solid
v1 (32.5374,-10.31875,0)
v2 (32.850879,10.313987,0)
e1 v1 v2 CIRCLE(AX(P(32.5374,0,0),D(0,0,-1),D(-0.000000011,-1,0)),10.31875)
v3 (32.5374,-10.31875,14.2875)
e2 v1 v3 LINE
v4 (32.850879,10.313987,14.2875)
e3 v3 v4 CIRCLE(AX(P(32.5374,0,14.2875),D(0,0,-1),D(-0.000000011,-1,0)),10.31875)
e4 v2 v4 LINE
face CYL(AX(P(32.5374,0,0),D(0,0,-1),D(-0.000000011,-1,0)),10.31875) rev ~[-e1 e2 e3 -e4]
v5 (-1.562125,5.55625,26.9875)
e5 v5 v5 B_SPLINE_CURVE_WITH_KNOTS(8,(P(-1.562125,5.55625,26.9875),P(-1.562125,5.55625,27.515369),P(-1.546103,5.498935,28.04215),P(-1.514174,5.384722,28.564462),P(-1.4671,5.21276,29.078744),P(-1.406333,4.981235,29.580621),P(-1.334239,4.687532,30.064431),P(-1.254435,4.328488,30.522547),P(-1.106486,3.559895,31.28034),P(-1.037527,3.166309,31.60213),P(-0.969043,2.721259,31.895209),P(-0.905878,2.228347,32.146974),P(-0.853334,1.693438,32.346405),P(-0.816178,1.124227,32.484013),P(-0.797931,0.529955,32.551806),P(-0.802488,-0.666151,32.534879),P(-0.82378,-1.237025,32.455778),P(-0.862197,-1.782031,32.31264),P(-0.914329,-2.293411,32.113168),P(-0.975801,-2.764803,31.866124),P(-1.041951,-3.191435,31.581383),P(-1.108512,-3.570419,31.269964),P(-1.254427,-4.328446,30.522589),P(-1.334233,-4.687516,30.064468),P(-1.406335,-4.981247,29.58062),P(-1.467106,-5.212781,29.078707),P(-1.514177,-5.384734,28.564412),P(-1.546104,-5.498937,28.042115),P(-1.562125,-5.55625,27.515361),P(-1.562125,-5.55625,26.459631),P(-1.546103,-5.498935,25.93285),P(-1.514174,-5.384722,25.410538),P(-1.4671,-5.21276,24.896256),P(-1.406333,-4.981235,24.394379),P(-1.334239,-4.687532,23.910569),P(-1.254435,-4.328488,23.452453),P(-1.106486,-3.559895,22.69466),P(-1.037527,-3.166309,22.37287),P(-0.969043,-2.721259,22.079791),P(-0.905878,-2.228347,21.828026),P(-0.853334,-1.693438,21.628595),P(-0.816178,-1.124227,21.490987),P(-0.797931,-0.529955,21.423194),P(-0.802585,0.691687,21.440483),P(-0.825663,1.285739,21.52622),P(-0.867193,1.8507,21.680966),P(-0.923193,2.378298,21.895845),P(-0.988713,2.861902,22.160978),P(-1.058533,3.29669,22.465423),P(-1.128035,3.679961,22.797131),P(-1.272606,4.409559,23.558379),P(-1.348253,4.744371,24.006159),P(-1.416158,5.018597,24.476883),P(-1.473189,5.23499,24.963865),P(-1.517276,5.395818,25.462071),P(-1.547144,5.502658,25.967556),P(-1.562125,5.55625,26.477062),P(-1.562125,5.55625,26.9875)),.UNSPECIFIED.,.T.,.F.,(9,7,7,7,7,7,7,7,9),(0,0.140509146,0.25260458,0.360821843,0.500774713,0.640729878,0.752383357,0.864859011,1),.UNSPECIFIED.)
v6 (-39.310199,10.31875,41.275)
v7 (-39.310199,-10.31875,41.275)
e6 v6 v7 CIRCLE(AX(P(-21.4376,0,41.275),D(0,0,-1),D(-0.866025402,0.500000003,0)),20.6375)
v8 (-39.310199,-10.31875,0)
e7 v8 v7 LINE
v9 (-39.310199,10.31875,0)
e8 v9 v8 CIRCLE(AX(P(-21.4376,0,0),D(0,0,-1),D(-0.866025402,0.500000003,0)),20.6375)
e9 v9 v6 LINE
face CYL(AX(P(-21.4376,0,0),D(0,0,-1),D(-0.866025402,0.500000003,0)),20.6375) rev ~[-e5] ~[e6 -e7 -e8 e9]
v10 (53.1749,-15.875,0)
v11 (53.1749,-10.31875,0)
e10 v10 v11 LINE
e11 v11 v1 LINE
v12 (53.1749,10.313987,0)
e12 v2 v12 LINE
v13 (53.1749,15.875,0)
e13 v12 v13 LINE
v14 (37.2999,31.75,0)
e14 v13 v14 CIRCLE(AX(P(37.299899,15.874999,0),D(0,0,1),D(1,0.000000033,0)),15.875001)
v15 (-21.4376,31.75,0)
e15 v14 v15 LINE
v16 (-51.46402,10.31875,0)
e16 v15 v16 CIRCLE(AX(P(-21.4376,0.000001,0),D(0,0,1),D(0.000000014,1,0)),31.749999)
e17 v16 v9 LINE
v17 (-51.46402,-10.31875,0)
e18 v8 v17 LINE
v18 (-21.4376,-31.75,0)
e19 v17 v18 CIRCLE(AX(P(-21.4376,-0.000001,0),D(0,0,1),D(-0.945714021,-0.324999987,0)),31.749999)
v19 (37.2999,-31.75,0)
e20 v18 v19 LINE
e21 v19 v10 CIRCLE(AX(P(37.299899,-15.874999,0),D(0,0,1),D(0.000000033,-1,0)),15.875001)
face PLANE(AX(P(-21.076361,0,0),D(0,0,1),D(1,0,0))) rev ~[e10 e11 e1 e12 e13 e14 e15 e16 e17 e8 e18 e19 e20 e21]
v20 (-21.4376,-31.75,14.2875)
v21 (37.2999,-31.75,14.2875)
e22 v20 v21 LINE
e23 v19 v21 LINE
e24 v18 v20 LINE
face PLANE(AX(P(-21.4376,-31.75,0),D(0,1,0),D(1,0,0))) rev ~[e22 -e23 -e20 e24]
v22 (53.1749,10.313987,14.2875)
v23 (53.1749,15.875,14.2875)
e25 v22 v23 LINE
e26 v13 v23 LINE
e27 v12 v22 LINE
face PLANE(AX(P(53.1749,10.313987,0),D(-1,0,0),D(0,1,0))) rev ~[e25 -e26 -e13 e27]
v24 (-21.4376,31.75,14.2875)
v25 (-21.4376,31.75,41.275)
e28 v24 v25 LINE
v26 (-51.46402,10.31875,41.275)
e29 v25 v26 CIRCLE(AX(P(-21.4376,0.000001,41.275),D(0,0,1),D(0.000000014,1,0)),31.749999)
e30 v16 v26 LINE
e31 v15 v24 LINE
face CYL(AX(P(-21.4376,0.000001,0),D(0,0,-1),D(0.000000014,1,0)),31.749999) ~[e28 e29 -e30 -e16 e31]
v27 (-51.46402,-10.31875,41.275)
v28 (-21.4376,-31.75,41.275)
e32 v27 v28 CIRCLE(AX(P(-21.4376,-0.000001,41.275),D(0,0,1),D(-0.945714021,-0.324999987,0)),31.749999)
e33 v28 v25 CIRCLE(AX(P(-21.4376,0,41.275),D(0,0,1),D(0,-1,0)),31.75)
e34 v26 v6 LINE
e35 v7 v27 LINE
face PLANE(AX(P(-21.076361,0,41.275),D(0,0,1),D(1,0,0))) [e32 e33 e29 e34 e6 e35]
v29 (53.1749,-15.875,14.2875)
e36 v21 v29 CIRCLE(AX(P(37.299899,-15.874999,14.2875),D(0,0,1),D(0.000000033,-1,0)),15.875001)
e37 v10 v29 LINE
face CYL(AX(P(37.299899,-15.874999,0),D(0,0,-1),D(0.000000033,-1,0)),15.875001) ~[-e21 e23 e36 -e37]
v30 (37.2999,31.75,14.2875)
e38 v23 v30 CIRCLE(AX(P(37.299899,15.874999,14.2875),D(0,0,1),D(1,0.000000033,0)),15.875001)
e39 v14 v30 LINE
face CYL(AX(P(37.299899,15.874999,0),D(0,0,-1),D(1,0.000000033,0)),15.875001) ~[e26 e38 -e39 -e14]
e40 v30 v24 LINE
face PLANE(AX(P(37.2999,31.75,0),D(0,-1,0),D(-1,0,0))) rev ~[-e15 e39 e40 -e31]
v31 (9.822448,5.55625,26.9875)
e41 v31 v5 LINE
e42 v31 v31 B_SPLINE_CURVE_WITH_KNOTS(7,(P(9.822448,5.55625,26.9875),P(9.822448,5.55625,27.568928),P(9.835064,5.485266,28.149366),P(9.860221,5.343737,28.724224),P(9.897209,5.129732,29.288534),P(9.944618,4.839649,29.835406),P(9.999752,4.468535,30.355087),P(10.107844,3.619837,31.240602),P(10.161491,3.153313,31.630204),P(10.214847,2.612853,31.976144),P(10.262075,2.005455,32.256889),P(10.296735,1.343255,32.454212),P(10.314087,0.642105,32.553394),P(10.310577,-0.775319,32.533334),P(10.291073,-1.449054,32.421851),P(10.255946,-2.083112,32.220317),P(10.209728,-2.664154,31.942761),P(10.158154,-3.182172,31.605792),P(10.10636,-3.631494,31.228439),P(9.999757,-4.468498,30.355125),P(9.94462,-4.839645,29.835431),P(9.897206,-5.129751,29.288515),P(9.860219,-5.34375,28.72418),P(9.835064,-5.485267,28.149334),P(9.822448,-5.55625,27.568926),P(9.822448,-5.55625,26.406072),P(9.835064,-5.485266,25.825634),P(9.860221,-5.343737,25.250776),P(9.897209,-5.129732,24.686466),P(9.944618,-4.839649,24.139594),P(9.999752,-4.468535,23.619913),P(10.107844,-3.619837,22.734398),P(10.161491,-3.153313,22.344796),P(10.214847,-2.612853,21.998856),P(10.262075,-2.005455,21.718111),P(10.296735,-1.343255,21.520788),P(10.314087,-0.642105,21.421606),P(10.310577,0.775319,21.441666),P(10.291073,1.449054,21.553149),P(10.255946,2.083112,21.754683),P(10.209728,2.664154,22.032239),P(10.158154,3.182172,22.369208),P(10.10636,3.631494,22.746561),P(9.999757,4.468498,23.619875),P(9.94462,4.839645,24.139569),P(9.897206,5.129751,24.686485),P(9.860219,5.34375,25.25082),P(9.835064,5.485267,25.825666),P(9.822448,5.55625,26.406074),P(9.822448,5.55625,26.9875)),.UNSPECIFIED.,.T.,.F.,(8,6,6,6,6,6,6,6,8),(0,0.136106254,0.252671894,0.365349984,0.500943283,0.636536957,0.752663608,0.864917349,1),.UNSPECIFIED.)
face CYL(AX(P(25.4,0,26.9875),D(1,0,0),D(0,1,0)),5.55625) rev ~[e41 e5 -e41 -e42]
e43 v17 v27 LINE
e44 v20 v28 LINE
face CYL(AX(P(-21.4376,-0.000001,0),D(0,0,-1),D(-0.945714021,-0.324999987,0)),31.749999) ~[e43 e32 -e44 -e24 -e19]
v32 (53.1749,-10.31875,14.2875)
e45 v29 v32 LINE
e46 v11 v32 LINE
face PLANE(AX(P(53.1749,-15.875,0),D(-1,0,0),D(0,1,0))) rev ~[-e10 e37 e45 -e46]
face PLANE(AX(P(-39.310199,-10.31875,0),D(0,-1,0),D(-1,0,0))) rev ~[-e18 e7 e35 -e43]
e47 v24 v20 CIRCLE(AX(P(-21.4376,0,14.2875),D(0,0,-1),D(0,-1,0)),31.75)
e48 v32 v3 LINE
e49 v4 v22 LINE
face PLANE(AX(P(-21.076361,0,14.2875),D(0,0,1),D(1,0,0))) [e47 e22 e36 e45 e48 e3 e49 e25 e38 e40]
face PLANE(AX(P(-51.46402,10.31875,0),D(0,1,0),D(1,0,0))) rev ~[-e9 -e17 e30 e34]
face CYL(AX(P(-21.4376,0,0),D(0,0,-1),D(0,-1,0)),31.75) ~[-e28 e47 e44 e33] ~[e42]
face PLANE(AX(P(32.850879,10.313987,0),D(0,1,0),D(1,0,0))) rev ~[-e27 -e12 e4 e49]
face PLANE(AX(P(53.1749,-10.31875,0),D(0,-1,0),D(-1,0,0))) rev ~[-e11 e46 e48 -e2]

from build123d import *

# Parameters (mm, degrees)
F1_DEPTH = 41.275
F2_DEPTH = 14.2875
F4_R     = 5.55625
F5_DEPTH = 38.1


with BuildPart() as f1:
    # F0 (on Top) → F1 (new body)
    with BuildSketch(Plane.XY):
        with BuildLine():
            ThreePointArc((-21.4376, -31.75), (10.3124, 0), (-21.4376, 31.75))
            ThreePointArc((-21.4376, 31.75), (-39.882683, 25.842628), (-51.46402, 10.31875))
            Line((-51.46402, 10.31875), (-39.310199, 10.31875))
            ThreePointArc((-39.310199, 10.31875), (-0.8001, 0), (-39.310199, -10.31875))
            Line((-39.310199, -10.31875), (-51.46402, -10.31875))
            ThreePointArc((-51.46402, -10.31875), (-39.882683, -25.842628), (-21.4376, -31.75))
        make_face()
    extrude(amount=F1_DEPTH)

    # F0 (on Top) → F2 (join)
    with BuildSketch(Plane.XY):
        with BuildLine():
            ThreePointArc((-21.4376, -31.75), (10.3124, 0), (-21.4376, 31.75))
            ThreePointArc((-21.4376, 31.75), (-39.882683, 25.842628), (-51.46402, 10.31875))
            Line((-51.46402, 10.31875), (-39.310199, 10.31875))
            ThreePointArc((-39.310199, 10.31875), (-0.8001, 0), (-39.310199, -10.31875))
            Line((-39.310199, -10.31875), (-51.46402, -10.31875))
            ThreePointArc((-51.46402, -10.31875), (-39.882683, -25.842628), (-21.4376, -31.75))
        make_face()
        with BuildLine():
            Line((37.2999, 31.75), (-21.4376, 31.75))
            ThreePointArc((-21.4376, 31.75), (10.3124, 0), (-21.4376, -31.75))
            Line((-21.4376, -31.75), (37.2999, -31.75))
            ThreePointArc((37.2999, -31.75), (48.52522, -27.10032), (53.1749, -15.875))
            Line((53.1749, -15.875), (53.1749, -10.31875))
            Line((53.1749, -10.31875), (32.5374, -10.31875))
            ThreePointArc((32.5374, -10.31875), (22.219841, 0.156758), (32.850879, 10.313987))
            Line((32.850879, 10.313987), (53.1749, 10.313987))
            Line((53.1749, 10.313987), (53.1749, 15.875))
            ThreePointArc((53.1749, 15.875), (48.52522, 27.10032), (37.2999, 31.75))
        make_face()
    extrude(amount=F2_DEPTH)

    # F4 (on offset) → F5 (cut)
    with BuildSketch(Plane.YZ.offset(25.4)):
        with Locations((0, 26.9875)):
            Circle(F4_R)
    extrude(amount=-F5_DEPTH, mode=Mode.SUBTRACT)


solid = f1.part
